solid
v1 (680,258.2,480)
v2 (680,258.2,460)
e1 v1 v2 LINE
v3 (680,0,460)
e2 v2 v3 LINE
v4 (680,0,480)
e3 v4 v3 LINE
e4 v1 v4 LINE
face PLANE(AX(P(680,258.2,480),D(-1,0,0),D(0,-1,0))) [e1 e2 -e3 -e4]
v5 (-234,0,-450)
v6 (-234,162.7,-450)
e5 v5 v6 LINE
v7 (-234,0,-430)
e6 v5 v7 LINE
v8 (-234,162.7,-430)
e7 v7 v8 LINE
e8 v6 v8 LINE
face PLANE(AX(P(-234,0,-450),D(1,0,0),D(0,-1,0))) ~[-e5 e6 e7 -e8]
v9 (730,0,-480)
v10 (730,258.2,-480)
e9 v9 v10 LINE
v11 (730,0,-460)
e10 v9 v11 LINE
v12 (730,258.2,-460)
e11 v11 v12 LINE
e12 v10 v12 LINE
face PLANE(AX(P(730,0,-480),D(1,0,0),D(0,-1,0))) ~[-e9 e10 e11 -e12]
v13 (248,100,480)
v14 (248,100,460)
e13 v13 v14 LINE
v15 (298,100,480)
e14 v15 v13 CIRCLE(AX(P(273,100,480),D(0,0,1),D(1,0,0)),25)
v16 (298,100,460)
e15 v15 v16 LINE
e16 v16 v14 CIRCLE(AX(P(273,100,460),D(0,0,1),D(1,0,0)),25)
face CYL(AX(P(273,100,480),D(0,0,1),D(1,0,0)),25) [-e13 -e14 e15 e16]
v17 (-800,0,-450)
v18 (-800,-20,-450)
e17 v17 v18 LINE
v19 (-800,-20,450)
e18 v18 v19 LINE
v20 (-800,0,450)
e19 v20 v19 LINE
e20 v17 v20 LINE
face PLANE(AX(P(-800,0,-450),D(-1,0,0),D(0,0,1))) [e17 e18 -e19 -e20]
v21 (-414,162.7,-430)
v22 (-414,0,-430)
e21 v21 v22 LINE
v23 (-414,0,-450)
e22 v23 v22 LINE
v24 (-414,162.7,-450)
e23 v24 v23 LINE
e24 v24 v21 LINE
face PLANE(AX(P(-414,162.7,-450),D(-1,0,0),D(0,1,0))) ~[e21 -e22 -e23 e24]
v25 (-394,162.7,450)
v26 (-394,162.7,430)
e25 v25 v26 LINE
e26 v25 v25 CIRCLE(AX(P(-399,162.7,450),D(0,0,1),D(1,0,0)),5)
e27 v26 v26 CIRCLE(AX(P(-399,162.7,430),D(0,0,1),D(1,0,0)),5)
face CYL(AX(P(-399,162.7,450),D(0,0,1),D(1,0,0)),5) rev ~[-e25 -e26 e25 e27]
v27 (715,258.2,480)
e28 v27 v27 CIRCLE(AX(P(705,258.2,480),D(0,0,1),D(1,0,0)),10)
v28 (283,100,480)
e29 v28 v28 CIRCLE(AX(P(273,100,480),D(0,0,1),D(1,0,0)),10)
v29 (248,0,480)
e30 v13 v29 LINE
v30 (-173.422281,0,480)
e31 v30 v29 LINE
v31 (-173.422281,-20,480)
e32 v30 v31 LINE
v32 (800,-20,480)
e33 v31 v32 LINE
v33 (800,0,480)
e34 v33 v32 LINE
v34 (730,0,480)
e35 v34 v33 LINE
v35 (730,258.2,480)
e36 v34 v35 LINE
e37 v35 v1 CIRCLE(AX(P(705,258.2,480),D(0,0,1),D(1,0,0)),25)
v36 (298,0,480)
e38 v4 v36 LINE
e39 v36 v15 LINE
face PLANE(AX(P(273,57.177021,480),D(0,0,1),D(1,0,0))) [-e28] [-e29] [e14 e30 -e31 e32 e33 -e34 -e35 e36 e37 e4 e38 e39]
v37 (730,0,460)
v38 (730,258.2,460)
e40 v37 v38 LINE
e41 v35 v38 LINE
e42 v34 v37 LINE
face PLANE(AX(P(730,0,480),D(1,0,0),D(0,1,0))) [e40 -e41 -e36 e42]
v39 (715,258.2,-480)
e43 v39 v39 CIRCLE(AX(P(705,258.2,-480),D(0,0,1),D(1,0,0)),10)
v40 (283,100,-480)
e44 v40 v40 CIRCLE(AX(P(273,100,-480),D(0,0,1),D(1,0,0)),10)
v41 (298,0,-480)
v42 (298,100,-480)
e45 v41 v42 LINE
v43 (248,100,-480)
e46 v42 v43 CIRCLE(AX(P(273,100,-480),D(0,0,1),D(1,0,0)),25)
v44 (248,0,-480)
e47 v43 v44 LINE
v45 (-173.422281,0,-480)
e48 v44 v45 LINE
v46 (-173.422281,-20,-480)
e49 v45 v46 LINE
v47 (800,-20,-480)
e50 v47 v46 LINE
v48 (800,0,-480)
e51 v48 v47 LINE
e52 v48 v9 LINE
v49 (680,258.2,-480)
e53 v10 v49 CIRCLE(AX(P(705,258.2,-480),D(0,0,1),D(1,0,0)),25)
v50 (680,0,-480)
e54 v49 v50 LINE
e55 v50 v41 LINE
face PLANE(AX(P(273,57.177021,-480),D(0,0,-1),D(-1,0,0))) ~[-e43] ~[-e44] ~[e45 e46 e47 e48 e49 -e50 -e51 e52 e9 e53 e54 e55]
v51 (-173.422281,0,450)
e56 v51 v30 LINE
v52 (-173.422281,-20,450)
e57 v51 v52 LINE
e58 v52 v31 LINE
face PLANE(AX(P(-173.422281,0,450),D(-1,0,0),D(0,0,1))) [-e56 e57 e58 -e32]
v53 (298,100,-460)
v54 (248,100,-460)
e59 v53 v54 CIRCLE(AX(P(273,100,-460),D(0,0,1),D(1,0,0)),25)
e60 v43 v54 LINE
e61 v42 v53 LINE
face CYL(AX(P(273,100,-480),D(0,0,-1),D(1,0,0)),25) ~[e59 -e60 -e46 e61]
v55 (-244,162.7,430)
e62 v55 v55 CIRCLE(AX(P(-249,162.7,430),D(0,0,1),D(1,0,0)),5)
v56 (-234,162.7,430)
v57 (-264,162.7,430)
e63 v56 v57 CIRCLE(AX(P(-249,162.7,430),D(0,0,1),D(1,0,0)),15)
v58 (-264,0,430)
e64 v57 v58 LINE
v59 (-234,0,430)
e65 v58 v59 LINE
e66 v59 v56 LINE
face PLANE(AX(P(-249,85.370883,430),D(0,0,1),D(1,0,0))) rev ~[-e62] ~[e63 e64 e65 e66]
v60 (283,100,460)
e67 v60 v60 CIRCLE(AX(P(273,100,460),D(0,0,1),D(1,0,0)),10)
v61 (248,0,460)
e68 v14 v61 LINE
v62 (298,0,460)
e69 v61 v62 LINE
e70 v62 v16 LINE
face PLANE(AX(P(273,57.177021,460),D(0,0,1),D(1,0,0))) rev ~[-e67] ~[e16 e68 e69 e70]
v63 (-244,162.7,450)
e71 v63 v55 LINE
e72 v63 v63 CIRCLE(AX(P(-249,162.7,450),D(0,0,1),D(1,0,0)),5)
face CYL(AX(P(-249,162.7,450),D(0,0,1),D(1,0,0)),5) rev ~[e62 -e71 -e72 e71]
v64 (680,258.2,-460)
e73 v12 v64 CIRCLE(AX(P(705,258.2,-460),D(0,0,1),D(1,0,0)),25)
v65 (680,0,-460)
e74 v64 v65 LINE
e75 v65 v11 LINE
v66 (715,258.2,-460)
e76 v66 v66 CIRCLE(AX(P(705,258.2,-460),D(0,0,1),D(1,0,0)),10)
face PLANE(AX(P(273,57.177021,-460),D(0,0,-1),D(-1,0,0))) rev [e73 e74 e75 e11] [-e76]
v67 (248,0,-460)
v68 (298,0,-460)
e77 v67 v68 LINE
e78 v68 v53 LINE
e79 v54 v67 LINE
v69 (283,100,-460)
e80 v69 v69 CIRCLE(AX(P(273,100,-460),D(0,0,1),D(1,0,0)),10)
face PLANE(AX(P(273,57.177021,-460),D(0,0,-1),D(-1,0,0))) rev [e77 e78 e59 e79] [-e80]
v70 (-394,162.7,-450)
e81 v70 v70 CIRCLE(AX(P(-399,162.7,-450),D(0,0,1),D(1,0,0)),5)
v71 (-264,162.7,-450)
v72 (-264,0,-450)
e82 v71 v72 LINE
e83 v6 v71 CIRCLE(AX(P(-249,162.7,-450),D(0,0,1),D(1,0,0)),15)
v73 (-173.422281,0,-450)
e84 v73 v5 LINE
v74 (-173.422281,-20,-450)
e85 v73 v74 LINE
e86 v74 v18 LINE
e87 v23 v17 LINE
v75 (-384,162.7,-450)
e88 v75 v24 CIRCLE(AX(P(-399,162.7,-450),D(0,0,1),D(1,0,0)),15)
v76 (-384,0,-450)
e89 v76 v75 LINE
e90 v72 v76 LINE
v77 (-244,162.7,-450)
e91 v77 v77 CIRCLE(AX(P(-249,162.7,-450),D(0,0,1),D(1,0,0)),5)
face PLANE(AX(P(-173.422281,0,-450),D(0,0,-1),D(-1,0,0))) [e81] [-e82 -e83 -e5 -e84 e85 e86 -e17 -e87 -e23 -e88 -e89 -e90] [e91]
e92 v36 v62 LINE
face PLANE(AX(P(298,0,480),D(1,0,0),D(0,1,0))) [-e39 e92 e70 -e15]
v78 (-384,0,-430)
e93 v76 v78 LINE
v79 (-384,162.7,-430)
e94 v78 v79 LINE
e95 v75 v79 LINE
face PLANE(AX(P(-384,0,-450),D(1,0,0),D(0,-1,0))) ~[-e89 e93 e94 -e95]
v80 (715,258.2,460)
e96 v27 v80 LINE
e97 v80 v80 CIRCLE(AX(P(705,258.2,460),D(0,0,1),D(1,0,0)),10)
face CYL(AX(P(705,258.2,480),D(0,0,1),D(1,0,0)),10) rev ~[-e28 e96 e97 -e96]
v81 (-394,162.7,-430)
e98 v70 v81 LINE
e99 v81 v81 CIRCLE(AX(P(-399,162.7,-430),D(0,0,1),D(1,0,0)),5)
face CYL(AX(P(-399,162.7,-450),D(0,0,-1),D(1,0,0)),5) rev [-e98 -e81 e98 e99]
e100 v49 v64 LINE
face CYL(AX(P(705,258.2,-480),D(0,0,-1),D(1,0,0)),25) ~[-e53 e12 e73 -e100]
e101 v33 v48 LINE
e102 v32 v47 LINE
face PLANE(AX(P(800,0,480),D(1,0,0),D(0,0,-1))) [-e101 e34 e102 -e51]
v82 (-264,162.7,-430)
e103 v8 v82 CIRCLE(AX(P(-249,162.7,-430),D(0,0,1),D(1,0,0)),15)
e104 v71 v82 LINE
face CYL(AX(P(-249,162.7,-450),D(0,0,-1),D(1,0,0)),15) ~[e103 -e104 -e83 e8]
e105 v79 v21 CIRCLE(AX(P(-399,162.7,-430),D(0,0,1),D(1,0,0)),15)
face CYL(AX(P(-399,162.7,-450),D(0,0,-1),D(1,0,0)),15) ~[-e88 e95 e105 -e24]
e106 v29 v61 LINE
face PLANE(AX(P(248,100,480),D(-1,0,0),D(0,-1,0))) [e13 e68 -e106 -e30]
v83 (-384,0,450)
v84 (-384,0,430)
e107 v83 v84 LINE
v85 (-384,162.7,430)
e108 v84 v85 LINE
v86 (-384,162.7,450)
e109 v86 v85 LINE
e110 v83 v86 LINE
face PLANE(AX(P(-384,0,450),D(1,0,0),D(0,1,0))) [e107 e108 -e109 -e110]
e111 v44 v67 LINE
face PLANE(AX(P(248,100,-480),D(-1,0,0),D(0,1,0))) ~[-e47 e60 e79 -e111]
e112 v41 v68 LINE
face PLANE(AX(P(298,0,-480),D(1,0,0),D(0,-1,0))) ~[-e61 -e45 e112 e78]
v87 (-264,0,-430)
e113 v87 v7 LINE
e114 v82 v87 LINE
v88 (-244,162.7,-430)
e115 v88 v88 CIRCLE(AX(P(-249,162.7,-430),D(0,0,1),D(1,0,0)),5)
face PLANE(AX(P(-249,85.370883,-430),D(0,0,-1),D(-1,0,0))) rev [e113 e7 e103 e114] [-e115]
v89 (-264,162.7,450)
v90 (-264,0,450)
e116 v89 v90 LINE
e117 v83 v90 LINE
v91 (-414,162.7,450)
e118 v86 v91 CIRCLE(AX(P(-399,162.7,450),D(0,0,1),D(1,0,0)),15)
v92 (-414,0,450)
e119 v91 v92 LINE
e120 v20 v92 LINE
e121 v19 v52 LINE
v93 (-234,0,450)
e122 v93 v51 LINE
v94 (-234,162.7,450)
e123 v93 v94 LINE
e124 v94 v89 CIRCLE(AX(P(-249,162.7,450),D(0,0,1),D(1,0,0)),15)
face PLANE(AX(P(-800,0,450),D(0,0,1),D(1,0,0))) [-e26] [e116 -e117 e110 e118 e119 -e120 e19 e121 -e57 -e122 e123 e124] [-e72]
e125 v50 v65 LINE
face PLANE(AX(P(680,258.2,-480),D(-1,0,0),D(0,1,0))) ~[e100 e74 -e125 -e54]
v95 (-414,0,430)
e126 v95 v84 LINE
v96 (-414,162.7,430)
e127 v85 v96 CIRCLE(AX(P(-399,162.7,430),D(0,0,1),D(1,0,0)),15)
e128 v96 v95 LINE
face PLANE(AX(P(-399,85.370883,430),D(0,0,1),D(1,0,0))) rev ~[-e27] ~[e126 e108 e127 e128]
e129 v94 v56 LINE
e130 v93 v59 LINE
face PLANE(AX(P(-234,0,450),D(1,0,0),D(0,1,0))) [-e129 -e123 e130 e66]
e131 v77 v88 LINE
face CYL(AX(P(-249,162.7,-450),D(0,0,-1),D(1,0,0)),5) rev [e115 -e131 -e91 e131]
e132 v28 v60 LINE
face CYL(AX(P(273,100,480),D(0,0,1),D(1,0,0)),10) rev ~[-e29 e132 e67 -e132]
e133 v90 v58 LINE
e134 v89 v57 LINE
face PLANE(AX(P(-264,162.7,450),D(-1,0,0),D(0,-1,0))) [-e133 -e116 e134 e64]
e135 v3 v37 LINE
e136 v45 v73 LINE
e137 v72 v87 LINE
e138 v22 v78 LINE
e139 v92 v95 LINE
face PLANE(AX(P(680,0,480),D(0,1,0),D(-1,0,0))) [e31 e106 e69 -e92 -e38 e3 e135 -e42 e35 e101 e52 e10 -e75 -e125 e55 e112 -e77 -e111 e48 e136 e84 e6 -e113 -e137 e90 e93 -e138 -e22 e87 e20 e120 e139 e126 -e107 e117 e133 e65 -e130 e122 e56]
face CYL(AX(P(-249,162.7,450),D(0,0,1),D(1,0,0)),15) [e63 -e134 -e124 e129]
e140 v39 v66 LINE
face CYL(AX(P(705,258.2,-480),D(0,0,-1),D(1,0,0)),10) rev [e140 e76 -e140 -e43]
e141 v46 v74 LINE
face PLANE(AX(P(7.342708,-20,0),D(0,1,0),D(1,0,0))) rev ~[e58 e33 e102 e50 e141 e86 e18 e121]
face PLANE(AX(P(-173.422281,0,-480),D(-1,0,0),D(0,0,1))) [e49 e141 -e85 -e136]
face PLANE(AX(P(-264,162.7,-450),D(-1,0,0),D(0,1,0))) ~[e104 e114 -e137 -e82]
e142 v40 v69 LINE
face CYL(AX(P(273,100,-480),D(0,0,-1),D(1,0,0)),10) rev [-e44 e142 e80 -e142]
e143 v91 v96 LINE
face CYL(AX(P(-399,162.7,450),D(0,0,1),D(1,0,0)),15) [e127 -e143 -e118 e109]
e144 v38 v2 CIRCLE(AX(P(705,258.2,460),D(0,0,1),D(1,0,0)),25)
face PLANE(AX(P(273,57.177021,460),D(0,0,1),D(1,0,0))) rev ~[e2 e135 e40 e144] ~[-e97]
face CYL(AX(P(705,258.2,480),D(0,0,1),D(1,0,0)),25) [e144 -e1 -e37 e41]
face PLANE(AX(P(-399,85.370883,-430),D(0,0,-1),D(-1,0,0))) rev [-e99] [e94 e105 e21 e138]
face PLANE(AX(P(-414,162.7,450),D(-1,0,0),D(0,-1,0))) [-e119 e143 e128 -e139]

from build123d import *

# Parameters (mm, degrees)
BOSS_EXTRUDE1_DEPTH = 20
SKETCH2_R           = 10
BOSS_EXTRUDE2_DEPTH = 20
SKETCH3_R           = 5
BOSS_EXTRUDE3_DEPTH = 20


with BuildPart() as part:
    # Sketch1 → Boss-Extrude1 (new body)
    with BuildSketch(Plane(origin=(0, 0, 0), x_dir=(1, 0, 0), z_dir=(0, 1, 0))):
        Polygon((-173.422280891, 480), (-173.422280891, 450), (-800, 450), (-800, -450), (-173.422280891, -450), (-173.422280891, -480), (800, -480), (800, 480), align=None)
    extrude(amount=-BOSS_EXTRUDE1_DEPTH)

    # Sketch2 → Boss-Extrude2 (add)
    with BuildSketch(Plane.XY.offset(480)):
        with BuildLine():
            Line((248, 0), (298, 0))
            Line((298, 0), (298, 100))
            ThreePointArc((298, 100), (273, 125), (248, 100))
            Line((248, 100), (248, 0))
        make_face()
        with Locations((273, 100)):
            Circle(SKETCH2_R, mode=Mode.SUBTRACT)
        with BuildLine():
            Line((680, 258.2), (680, 0))
            Line((680, 0), (730, 0))
            Line((730, 0), (730, 258.2))
            ThreePointArc((730, 258.2), (705, 283.2), (680, 258.2))
        make_face()
        with Locations((705, 258.2)):
            Circle(SKETCH2_R, mode=Mode.SUBTRACT)
        Polygon((680, 0), (298, 0), (248, 0), (-173.422280891, 0), (-173.422280891, -20), (800, -20), (800, 0), (730, 0), align=None)
    extrude(amount=-BOSS_EXTRUDE2_DEPTH)

    # Mirror1: part across plane


with BuildPart() as part_1:
    add(part.part)
    add(part.part.mirror(Plane.XY))

    # Sketch3 → Boss-Extrude3 (add)
    with BuildSketch(Plane.XY.offset(450)):
        with BuildLine():
            Line((-414, 0), (-384, 0))
            Line((-384, 0), (-384, 162.7))
            ThreePointArc((-384, 162.7), (-399, 177.7), (-414, 162.7))
            Line((-414, 162.7), (-414, 0))
        make_face()
        with Locations((-399, 162.7)):
            Circle(SKETCH3_R, mode=Mode.SUBTRACT)
        with BuildLine():
            Line((-264, 0), (-234, 0))
            Line((-234, 0), (-234, 162.7))
            ThreePointArc((-234, 162.7), (-249, 177.7), (-264, 162.7))
            Line((-264, 162.7), (-264, 0))
        make_face()
        with Locations((-249, 162.7)):
            Circle(SKETCH3_R, mode=Mode.SUBTRACT)
    boss_extrude3 = extrude(amount=-BOSS_EXTRUDE3_DEPTH)

    # Mirror2: Boss-Extrude3 across plane
    add(boss_extrude3.mirror(Plane.XY))


solid = part_1.part
